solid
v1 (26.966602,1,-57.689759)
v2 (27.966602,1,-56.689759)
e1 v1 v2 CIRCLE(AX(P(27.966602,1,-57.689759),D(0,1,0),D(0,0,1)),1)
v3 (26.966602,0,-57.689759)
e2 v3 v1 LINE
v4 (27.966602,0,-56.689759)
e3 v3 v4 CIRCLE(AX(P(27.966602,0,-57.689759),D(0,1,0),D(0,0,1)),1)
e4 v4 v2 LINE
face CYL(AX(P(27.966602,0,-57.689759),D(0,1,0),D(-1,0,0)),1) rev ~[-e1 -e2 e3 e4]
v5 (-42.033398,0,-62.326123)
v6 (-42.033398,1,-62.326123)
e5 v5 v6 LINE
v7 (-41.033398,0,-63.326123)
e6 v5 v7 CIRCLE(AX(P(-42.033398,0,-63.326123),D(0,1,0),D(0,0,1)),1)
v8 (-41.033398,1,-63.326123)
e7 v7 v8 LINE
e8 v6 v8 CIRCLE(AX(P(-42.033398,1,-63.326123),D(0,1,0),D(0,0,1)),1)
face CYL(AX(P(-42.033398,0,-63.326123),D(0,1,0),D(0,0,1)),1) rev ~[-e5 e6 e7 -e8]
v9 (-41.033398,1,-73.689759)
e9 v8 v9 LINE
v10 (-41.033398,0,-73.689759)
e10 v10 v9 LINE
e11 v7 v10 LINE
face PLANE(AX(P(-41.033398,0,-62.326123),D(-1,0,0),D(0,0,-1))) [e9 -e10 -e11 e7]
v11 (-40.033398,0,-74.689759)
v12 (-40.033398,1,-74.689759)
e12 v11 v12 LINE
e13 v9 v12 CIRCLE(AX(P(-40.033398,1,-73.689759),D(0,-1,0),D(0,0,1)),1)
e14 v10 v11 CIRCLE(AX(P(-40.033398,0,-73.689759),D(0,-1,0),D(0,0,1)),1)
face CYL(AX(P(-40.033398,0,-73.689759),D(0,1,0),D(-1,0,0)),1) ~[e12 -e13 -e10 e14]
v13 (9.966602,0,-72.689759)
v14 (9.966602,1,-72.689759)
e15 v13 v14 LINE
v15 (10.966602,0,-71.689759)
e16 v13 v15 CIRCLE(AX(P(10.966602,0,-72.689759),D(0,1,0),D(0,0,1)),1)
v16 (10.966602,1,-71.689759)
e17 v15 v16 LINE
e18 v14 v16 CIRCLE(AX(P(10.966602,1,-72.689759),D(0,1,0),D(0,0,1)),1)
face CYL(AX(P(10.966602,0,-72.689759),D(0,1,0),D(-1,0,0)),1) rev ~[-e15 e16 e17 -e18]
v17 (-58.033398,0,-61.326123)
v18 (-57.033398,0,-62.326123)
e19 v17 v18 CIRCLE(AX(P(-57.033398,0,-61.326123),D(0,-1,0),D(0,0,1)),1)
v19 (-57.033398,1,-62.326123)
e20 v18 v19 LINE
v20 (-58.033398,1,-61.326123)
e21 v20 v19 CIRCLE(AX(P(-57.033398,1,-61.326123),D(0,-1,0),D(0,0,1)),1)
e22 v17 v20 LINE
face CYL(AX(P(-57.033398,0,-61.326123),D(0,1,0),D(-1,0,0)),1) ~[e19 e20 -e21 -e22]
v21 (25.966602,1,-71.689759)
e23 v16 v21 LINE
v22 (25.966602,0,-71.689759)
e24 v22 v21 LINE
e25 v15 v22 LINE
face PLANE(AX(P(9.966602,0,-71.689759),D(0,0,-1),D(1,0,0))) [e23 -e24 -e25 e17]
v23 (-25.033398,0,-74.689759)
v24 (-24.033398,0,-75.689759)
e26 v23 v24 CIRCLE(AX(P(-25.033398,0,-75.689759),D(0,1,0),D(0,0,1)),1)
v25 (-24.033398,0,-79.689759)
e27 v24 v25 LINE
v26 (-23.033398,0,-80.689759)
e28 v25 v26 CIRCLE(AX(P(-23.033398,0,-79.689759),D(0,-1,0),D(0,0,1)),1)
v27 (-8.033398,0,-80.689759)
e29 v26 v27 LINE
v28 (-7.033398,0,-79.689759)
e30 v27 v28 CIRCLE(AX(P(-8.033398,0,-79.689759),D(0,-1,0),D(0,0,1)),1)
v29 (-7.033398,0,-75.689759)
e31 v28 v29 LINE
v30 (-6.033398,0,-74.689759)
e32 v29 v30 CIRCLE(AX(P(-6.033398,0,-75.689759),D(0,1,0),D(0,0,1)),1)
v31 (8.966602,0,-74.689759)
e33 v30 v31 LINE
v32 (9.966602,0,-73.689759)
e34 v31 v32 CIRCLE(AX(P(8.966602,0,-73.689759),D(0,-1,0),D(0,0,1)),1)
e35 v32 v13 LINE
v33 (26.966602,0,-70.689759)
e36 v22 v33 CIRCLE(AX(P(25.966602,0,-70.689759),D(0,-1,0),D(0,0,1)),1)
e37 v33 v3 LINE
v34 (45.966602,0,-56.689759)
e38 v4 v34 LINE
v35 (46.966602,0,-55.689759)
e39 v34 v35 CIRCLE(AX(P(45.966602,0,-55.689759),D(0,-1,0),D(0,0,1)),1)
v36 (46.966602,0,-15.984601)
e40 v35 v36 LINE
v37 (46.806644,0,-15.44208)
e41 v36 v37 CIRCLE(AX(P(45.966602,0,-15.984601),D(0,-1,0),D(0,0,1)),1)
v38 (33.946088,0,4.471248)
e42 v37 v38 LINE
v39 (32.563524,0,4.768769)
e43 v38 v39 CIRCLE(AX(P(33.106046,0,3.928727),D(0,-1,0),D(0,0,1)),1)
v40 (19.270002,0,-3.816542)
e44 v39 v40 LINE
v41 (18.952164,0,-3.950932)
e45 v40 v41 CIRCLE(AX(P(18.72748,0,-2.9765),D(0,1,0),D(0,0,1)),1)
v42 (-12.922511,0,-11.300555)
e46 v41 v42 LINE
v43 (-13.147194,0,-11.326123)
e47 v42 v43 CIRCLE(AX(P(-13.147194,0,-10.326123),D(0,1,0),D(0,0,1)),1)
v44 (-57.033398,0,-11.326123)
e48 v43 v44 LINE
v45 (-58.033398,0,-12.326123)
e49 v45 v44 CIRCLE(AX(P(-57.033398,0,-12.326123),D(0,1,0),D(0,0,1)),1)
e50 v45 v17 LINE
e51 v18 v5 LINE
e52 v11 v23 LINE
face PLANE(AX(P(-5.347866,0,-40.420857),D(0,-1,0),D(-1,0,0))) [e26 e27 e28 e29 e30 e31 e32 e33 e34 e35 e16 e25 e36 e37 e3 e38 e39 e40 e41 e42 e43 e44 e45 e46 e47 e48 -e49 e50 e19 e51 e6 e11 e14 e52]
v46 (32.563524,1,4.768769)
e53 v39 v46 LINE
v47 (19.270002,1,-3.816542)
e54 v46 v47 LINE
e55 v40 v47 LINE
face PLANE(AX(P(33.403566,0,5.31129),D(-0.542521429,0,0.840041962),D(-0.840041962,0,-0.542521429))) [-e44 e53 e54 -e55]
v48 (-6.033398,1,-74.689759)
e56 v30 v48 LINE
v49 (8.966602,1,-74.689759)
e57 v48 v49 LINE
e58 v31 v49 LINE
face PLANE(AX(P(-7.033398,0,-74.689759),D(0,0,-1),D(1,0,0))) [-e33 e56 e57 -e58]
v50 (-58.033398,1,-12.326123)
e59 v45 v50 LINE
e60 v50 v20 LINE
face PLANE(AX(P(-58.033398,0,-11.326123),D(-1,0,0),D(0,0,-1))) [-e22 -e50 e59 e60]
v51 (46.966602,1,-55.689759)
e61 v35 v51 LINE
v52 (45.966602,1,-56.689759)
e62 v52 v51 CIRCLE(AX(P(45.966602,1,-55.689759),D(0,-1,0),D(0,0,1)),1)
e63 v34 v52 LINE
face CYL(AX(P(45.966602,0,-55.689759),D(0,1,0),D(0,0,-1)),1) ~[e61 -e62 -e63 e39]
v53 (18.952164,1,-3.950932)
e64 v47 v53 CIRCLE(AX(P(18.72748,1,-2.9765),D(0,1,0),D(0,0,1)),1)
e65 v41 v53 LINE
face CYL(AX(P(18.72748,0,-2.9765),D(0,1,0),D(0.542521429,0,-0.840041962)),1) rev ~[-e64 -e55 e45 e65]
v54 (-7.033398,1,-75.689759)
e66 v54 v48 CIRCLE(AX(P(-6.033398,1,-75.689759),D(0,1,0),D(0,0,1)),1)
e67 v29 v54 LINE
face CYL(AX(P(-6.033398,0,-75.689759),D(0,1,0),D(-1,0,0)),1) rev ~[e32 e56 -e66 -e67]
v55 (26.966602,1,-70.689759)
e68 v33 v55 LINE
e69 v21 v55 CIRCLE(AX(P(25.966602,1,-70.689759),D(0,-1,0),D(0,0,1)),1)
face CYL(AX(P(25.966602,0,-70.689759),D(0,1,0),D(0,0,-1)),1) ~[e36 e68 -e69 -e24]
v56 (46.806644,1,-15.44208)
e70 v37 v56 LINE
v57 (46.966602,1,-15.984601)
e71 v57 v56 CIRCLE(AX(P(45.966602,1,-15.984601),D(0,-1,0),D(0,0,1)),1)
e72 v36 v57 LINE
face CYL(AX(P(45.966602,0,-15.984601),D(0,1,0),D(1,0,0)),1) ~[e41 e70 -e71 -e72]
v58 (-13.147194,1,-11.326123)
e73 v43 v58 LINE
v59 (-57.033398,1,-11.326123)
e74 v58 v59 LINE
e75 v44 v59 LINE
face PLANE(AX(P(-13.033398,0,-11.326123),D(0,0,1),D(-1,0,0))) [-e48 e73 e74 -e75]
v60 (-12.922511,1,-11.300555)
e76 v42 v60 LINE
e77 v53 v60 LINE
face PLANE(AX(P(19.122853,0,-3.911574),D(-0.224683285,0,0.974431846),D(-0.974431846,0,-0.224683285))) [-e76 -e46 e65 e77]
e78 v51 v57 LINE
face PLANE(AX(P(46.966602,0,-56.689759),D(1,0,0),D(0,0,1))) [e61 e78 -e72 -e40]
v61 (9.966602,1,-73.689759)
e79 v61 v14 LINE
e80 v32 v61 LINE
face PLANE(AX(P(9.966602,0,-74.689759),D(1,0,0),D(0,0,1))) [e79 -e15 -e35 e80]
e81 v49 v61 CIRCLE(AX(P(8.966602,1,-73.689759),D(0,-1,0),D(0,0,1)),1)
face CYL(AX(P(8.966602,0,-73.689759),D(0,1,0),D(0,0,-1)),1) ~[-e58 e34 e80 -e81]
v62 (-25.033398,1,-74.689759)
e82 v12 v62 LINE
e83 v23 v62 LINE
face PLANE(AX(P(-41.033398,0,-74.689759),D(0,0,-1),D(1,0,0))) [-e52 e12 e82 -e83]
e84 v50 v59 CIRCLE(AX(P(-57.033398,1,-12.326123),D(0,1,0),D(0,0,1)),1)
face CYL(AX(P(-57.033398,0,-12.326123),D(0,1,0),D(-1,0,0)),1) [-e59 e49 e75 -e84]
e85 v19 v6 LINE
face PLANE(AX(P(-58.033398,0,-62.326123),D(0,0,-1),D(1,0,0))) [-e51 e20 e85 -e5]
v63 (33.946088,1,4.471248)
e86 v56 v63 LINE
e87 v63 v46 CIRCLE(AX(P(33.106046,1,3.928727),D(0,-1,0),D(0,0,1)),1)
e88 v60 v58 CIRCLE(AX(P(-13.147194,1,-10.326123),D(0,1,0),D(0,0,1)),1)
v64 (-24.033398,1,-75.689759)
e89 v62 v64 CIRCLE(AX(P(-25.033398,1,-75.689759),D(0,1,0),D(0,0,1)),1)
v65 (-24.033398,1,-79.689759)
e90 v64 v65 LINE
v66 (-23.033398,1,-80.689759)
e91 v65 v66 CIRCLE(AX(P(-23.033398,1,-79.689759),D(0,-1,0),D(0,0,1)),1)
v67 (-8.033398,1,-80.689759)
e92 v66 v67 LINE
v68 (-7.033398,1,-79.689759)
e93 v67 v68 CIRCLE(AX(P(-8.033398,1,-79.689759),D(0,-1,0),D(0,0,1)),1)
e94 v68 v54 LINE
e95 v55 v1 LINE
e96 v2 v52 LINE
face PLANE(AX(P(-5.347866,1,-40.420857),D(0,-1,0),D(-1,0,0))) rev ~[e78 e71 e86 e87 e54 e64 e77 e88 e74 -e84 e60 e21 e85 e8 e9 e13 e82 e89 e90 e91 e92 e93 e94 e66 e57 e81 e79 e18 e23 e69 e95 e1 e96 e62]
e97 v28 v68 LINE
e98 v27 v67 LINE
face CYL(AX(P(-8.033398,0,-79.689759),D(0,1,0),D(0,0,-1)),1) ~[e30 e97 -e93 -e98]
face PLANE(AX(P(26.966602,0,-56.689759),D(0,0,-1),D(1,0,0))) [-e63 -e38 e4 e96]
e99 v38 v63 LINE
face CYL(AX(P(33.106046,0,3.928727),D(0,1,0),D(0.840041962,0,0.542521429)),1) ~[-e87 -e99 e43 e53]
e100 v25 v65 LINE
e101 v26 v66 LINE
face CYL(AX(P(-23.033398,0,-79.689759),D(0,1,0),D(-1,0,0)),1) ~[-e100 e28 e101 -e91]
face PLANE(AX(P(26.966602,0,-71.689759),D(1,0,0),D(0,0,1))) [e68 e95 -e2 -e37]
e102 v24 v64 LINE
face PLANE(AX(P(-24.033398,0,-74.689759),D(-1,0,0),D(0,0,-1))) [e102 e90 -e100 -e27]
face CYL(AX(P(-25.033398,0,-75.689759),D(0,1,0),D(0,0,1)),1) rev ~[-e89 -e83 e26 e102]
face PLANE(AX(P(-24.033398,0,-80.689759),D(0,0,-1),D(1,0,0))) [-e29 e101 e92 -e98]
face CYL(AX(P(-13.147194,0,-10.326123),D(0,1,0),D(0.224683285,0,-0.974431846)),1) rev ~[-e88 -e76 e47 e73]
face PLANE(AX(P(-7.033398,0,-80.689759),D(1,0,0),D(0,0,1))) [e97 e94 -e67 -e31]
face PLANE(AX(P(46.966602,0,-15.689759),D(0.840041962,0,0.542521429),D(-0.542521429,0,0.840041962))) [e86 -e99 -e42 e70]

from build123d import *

# Parameters (mm, degrees)
RESSALTO_EXTRUS_O1_DEPTH = 1
FILETE1_R                = 1


with BuildPart() as part:
    # Esboço1 → Ressalto-extrusão1 (new body)
    with BuildSketch(Plane(origin=(0, 0, 0), x_dir=(1, 0, 0), z_dir=(0, 1, 0))):
        Polygon((-58.0333979, 11.326122728), (-58.0333979, 62.326122728), (-41.0333979, 62.326122728), (-41.0333979, 74.689759091), (-24.0333979, 74.689759091), (-24.0333979, 80.689759091), (-7.0333979, 80.689759091), (-7.0333979, 74.689759091), (9.9666021, 74.689759091), (9.9666021, 71.689759091), (26.9666021, 71.689759091), (26.9666021, 56.689759091), (46.9666021, 56.689759091), (46.9666021, 15.689759091), (33.403566363, -5.311289968), (19.122853002, 3.911574333), (-13.0333979, 11.326122728), align=None)
    extrude(amount=RESSALTO_EXTRUS_O1_DEPTH)

    # Filete1
    filete1_edges = [part.edges().sort_by_distance(p)[0] for p in [
        (-58.0333979, 0.5, -11.326122728),
        (-58.0333979, 0.5, -62.326122728),
        (-41.0333979, 0.5, -62.326122728),
        (-41.0333979, 0.5, -74.689759091),
        (-24.0333979, 0.5, -74.689759091),
        (-24.0333979, 0.5, -80.689759091),
        (-7.0333979, 0.5, -80.689759091),
        (-7.0333979, 0.5, -74.689759091),
        (9.9666021, 0.5, -74.689759091),
        (9.9666021, 0.5, -71.689759091),
        (26.9666021, 0.5, -71.689759091),
        (26.9666021, 0.5, -56.689759091),
        (46.9666021, 0.5, -56.689759091),
        (46.9666021, 0.5, -15.689759091),
        (33.403566363, 0.5, 5.311289968),
        (19.122853002, 0.5, -3.911574333),
        (-13.0333979, 0.5, -11.326122728),
    ]]
    fillet(filete1_edges, radius=FILETE1_R)


solid = part.part
